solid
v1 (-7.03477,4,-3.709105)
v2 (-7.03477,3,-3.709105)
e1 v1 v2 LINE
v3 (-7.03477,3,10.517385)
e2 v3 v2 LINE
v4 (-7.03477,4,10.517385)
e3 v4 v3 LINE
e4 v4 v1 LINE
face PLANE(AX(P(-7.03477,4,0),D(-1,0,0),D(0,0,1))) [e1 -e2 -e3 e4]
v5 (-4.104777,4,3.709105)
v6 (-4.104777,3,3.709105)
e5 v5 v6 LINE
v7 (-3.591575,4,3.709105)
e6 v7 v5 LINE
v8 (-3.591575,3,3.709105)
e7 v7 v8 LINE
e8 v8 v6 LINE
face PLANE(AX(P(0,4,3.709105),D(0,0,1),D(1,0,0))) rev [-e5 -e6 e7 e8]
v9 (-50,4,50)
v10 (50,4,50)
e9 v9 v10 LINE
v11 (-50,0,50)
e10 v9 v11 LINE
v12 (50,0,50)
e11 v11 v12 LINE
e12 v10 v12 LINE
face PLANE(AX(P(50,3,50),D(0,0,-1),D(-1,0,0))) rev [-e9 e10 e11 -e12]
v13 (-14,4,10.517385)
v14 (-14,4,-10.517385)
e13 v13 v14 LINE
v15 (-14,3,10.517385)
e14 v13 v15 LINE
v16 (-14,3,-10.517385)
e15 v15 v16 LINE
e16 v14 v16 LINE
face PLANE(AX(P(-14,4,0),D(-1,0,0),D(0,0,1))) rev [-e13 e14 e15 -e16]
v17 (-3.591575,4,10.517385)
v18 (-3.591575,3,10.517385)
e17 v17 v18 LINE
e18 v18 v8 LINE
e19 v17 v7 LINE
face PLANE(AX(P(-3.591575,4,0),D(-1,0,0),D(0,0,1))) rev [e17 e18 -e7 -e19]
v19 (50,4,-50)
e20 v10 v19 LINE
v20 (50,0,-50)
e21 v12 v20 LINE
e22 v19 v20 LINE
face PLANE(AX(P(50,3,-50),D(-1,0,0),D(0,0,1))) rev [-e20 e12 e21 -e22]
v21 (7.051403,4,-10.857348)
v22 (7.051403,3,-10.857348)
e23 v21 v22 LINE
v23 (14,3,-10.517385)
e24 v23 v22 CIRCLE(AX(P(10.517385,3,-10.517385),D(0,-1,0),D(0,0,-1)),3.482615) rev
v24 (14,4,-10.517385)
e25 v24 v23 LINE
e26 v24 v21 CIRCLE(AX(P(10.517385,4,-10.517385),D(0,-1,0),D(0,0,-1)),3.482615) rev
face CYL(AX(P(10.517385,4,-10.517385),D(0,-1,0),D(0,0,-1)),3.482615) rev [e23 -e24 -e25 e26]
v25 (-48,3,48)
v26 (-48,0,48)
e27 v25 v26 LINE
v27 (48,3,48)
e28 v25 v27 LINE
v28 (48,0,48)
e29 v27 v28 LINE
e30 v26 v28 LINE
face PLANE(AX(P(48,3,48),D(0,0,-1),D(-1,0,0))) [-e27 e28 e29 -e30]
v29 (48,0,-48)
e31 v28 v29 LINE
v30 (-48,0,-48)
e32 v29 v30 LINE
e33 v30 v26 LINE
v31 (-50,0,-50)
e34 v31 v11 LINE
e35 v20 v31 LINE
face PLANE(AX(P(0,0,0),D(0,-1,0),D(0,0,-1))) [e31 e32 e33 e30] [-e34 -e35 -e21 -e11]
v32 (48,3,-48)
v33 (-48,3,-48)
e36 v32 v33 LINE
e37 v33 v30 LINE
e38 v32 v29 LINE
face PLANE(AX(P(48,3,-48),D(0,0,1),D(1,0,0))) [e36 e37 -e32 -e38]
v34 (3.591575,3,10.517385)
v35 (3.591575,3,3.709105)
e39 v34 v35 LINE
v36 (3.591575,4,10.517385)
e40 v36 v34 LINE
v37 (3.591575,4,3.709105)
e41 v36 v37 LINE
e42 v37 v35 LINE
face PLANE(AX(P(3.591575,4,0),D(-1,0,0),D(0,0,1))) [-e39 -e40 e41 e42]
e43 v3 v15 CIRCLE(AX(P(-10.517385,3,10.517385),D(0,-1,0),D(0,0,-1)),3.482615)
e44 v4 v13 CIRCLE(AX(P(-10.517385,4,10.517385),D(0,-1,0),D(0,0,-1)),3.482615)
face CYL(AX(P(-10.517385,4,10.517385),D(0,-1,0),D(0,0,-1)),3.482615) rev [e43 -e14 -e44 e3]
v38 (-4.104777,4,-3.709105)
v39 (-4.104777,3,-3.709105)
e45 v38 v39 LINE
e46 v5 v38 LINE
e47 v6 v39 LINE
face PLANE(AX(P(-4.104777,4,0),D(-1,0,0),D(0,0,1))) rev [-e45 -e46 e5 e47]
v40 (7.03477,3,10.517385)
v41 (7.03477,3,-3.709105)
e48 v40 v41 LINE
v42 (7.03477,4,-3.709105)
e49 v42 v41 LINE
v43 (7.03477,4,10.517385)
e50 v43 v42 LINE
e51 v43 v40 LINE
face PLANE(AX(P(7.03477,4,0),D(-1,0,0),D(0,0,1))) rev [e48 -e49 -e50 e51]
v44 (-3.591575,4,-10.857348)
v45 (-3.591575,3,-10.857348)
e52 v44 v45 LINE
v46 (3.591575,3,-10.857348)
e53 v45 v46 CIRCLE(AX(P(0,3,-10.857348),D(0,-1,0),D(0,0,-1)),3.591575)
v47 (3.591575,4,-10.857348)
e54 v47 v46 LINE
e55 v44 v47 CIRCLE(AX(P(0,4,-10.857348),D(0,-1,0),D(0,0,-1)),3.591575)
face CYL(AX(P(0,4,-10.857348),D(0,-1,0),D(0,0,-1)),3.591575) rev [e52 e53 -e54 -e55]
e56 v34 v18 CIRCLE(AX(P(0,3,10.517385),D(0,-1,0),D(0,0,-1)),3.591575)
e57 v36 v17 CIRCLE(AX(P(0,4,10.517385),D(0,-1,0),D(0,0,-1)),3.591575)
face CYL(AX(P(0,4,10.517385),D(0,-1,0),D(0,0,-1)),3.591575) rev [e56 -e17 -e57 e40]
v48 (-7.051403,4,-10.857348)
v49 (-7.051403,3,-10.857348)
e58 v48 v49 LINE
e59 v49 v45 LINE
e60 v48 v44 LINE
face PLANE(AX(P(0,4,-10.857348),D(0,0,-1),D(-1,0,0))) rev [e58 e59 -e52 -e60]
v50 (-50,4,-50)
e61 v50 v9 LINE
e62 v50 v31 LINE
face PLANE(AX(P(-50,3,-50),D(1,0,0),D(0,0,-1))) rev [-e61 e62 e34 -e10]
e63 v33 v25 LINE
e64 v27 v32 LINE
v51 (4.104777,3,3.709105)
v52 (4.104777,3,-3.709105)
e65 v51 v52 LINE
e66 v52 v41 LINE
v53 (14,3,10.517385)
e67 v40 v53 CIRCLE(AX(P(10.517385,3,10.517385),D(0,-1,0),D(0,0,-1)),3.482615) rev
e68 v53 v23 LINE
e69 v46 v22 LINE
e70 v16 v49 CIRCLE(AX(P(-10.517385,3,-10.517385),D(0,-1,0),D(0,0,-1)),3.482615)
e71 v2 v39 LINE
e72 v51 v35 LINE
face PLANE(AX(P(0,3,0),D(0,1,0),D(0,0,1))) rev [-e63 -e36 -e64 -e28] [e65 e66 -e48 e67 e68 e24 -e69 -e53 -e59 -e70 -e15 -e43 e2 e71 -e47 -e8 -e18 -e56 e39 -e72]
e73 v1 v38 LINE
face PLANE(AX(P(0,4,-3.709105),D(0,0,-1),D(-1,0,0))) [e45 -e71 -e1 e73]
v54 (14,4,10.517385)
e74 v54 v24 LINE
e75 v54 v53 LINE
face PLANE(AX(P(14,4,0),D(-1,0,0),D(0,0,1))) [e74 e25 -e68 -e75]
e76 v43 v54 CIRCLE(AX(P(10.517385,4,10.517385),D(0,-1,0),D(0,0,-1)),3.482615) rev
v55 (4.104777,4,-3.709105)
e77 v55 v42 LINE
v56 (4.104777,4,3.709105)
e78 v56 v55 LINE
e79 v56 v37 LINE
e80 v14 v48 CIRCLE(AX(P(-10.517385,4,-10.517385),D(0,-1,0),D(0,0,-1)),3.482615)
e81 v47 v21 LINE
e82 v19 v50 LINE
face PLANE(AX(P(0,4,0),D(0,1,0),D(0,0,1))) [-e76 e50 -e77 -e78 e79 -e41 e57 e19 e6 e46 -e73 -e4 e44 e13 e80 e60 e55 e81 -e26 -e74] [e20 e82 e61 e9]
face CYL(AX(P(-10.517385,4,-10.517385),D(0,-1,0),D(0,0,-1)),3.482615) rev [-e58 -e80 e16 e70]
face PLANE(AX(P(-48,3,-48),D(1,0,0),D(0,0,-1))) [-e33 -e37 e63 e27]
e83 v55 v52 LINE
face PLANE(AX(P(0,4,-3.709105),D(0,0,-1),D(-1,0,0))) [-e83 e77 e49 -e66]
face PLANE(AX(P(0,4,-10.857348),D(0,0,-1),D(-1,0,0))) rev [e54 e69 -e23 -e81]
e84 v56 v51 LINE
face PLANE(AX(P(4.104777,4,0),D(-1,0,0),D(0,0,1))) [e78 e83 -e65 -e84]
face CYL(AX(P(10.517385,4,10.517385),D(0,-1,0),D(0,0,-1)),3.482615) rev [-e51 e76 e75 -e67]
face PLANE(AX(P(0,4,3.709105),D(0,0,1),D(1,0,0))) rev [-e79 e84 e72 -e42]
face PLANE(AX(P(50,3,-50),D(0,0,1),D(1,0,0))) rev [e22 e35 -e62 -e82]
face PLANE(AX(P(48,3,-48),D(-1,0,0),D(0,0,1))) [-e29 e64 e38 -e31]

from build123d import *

# Parameters (mm, degrees)
SKETCH1_W           = 100
SKETCH1_H           = 100
SKETCH1_W_2         = 96
SKETCH1_H_2         = 96
BOSS_EXTRUDE1_DEPTH = 3
SKETCH2_W           = 100
SKETCH2_H           = 100
BOSS_EXTRUDE2_DEPTH = 1
CUT_EXTRUDE1_DEPTH  = 1


with BuildPart() as part:
    # Sketch1 → Boss-Extrude1 (new body)
    with BuildSketch(Plane(origin=(0, 0, 0), x_dir=(1, 0, 0), z_dir=(0, 1, 0))):
        Rectangle(SKETCH1_W, SKETCH1_H)
        Rectangle(SKETCH1_W_2, SKETCH1_H_2, mode=Mode.SUBTRACT)
    extrude(amount=BOSS_EXTRUDE1_DEPTH)

    # Sketch2 → Boss-Extrude2 (add)
    with BuildSketch(Plane(origin=(0, 3, 0), x_dir=(1, 0, 0), z_dir=(0, 1, 0))):
        Rectangle(SKETCH2_W, SKETCH2_H)
    extrude(amount=BOSS_EXTRUDE2_DEPTH)

    # Sketch3 → Cut-Extrude1 (cut)
    with BuildSketch(Plane.XZ.offset(-3)):
        with BuildLine():
            Line((-7.034769829, -3.709104883), (-7.034769829, 10.517384915))
            ThreePointArc((-7.034769829, 10.517384915), (-10.517384915, 14), (-14, 10.517384915))
            Line((-14, 10.517384915), (-14, -10.517384915))
            ThreePointArc((-14, -10.517384915), (-10.687570013, -13.995839293), (-7.051402714, -10.857348469))
            Line((-7.051402714, -10.857348469), (-3.591574507, -10.857348469))
            ThreePointArc((-3.591574507, -10.857348469), (0, -14.448922976), (3.591574507, -10.857348469))
            Line((3.591574507, -10.857348469), (7.051402714, -10.857348469))
            ThreePointArc((7.051402714, -10.857348469), (10.687570013, -13.995839293), (14, -10.517384915))
            Line((14, -10.517384915), (14, 10.517384915))
            ThreePointArc((14, 10.517384915), (10.517384915, 14), (7.034769829, 10.517384915))
            Line((7.034769829, 10.517384915), (7.034769829, -3.709104883))
            Line((7.034769829, -3.709104883), (4.104776873, -3.709104883))
            Line((4.104776873, -3.709104883), (4.104776873, 3.709104883))
            Line((4.104776873, 3.709104883), (3.591574507, 3.709104883))
            Line((3.591574507, 3.709104883), (3.591574507, 10.517384915))
            ThreePointArc((3.591574507, 10.517384915), (0, 14.108959421), (-3.591574507, 10.517384915))
            Line((-3.591574507, 10.517384915), (-3.591574507, 3.709104883))
            Line((-3.591574507, 3.709104883), (-4.104776873, 3.709104883))
            Line((-4.104776873, 3.709104883), (-4.104776873, -3.709104883))
            Line((-4.104776873, -3.709104883), (-7.034769829, -3.709104883))
        make_face()
    extrude(amount=-CUT_EXTRUDE1_DEPTH, mode=Mode.SUBTRACT)


solid = part.part
